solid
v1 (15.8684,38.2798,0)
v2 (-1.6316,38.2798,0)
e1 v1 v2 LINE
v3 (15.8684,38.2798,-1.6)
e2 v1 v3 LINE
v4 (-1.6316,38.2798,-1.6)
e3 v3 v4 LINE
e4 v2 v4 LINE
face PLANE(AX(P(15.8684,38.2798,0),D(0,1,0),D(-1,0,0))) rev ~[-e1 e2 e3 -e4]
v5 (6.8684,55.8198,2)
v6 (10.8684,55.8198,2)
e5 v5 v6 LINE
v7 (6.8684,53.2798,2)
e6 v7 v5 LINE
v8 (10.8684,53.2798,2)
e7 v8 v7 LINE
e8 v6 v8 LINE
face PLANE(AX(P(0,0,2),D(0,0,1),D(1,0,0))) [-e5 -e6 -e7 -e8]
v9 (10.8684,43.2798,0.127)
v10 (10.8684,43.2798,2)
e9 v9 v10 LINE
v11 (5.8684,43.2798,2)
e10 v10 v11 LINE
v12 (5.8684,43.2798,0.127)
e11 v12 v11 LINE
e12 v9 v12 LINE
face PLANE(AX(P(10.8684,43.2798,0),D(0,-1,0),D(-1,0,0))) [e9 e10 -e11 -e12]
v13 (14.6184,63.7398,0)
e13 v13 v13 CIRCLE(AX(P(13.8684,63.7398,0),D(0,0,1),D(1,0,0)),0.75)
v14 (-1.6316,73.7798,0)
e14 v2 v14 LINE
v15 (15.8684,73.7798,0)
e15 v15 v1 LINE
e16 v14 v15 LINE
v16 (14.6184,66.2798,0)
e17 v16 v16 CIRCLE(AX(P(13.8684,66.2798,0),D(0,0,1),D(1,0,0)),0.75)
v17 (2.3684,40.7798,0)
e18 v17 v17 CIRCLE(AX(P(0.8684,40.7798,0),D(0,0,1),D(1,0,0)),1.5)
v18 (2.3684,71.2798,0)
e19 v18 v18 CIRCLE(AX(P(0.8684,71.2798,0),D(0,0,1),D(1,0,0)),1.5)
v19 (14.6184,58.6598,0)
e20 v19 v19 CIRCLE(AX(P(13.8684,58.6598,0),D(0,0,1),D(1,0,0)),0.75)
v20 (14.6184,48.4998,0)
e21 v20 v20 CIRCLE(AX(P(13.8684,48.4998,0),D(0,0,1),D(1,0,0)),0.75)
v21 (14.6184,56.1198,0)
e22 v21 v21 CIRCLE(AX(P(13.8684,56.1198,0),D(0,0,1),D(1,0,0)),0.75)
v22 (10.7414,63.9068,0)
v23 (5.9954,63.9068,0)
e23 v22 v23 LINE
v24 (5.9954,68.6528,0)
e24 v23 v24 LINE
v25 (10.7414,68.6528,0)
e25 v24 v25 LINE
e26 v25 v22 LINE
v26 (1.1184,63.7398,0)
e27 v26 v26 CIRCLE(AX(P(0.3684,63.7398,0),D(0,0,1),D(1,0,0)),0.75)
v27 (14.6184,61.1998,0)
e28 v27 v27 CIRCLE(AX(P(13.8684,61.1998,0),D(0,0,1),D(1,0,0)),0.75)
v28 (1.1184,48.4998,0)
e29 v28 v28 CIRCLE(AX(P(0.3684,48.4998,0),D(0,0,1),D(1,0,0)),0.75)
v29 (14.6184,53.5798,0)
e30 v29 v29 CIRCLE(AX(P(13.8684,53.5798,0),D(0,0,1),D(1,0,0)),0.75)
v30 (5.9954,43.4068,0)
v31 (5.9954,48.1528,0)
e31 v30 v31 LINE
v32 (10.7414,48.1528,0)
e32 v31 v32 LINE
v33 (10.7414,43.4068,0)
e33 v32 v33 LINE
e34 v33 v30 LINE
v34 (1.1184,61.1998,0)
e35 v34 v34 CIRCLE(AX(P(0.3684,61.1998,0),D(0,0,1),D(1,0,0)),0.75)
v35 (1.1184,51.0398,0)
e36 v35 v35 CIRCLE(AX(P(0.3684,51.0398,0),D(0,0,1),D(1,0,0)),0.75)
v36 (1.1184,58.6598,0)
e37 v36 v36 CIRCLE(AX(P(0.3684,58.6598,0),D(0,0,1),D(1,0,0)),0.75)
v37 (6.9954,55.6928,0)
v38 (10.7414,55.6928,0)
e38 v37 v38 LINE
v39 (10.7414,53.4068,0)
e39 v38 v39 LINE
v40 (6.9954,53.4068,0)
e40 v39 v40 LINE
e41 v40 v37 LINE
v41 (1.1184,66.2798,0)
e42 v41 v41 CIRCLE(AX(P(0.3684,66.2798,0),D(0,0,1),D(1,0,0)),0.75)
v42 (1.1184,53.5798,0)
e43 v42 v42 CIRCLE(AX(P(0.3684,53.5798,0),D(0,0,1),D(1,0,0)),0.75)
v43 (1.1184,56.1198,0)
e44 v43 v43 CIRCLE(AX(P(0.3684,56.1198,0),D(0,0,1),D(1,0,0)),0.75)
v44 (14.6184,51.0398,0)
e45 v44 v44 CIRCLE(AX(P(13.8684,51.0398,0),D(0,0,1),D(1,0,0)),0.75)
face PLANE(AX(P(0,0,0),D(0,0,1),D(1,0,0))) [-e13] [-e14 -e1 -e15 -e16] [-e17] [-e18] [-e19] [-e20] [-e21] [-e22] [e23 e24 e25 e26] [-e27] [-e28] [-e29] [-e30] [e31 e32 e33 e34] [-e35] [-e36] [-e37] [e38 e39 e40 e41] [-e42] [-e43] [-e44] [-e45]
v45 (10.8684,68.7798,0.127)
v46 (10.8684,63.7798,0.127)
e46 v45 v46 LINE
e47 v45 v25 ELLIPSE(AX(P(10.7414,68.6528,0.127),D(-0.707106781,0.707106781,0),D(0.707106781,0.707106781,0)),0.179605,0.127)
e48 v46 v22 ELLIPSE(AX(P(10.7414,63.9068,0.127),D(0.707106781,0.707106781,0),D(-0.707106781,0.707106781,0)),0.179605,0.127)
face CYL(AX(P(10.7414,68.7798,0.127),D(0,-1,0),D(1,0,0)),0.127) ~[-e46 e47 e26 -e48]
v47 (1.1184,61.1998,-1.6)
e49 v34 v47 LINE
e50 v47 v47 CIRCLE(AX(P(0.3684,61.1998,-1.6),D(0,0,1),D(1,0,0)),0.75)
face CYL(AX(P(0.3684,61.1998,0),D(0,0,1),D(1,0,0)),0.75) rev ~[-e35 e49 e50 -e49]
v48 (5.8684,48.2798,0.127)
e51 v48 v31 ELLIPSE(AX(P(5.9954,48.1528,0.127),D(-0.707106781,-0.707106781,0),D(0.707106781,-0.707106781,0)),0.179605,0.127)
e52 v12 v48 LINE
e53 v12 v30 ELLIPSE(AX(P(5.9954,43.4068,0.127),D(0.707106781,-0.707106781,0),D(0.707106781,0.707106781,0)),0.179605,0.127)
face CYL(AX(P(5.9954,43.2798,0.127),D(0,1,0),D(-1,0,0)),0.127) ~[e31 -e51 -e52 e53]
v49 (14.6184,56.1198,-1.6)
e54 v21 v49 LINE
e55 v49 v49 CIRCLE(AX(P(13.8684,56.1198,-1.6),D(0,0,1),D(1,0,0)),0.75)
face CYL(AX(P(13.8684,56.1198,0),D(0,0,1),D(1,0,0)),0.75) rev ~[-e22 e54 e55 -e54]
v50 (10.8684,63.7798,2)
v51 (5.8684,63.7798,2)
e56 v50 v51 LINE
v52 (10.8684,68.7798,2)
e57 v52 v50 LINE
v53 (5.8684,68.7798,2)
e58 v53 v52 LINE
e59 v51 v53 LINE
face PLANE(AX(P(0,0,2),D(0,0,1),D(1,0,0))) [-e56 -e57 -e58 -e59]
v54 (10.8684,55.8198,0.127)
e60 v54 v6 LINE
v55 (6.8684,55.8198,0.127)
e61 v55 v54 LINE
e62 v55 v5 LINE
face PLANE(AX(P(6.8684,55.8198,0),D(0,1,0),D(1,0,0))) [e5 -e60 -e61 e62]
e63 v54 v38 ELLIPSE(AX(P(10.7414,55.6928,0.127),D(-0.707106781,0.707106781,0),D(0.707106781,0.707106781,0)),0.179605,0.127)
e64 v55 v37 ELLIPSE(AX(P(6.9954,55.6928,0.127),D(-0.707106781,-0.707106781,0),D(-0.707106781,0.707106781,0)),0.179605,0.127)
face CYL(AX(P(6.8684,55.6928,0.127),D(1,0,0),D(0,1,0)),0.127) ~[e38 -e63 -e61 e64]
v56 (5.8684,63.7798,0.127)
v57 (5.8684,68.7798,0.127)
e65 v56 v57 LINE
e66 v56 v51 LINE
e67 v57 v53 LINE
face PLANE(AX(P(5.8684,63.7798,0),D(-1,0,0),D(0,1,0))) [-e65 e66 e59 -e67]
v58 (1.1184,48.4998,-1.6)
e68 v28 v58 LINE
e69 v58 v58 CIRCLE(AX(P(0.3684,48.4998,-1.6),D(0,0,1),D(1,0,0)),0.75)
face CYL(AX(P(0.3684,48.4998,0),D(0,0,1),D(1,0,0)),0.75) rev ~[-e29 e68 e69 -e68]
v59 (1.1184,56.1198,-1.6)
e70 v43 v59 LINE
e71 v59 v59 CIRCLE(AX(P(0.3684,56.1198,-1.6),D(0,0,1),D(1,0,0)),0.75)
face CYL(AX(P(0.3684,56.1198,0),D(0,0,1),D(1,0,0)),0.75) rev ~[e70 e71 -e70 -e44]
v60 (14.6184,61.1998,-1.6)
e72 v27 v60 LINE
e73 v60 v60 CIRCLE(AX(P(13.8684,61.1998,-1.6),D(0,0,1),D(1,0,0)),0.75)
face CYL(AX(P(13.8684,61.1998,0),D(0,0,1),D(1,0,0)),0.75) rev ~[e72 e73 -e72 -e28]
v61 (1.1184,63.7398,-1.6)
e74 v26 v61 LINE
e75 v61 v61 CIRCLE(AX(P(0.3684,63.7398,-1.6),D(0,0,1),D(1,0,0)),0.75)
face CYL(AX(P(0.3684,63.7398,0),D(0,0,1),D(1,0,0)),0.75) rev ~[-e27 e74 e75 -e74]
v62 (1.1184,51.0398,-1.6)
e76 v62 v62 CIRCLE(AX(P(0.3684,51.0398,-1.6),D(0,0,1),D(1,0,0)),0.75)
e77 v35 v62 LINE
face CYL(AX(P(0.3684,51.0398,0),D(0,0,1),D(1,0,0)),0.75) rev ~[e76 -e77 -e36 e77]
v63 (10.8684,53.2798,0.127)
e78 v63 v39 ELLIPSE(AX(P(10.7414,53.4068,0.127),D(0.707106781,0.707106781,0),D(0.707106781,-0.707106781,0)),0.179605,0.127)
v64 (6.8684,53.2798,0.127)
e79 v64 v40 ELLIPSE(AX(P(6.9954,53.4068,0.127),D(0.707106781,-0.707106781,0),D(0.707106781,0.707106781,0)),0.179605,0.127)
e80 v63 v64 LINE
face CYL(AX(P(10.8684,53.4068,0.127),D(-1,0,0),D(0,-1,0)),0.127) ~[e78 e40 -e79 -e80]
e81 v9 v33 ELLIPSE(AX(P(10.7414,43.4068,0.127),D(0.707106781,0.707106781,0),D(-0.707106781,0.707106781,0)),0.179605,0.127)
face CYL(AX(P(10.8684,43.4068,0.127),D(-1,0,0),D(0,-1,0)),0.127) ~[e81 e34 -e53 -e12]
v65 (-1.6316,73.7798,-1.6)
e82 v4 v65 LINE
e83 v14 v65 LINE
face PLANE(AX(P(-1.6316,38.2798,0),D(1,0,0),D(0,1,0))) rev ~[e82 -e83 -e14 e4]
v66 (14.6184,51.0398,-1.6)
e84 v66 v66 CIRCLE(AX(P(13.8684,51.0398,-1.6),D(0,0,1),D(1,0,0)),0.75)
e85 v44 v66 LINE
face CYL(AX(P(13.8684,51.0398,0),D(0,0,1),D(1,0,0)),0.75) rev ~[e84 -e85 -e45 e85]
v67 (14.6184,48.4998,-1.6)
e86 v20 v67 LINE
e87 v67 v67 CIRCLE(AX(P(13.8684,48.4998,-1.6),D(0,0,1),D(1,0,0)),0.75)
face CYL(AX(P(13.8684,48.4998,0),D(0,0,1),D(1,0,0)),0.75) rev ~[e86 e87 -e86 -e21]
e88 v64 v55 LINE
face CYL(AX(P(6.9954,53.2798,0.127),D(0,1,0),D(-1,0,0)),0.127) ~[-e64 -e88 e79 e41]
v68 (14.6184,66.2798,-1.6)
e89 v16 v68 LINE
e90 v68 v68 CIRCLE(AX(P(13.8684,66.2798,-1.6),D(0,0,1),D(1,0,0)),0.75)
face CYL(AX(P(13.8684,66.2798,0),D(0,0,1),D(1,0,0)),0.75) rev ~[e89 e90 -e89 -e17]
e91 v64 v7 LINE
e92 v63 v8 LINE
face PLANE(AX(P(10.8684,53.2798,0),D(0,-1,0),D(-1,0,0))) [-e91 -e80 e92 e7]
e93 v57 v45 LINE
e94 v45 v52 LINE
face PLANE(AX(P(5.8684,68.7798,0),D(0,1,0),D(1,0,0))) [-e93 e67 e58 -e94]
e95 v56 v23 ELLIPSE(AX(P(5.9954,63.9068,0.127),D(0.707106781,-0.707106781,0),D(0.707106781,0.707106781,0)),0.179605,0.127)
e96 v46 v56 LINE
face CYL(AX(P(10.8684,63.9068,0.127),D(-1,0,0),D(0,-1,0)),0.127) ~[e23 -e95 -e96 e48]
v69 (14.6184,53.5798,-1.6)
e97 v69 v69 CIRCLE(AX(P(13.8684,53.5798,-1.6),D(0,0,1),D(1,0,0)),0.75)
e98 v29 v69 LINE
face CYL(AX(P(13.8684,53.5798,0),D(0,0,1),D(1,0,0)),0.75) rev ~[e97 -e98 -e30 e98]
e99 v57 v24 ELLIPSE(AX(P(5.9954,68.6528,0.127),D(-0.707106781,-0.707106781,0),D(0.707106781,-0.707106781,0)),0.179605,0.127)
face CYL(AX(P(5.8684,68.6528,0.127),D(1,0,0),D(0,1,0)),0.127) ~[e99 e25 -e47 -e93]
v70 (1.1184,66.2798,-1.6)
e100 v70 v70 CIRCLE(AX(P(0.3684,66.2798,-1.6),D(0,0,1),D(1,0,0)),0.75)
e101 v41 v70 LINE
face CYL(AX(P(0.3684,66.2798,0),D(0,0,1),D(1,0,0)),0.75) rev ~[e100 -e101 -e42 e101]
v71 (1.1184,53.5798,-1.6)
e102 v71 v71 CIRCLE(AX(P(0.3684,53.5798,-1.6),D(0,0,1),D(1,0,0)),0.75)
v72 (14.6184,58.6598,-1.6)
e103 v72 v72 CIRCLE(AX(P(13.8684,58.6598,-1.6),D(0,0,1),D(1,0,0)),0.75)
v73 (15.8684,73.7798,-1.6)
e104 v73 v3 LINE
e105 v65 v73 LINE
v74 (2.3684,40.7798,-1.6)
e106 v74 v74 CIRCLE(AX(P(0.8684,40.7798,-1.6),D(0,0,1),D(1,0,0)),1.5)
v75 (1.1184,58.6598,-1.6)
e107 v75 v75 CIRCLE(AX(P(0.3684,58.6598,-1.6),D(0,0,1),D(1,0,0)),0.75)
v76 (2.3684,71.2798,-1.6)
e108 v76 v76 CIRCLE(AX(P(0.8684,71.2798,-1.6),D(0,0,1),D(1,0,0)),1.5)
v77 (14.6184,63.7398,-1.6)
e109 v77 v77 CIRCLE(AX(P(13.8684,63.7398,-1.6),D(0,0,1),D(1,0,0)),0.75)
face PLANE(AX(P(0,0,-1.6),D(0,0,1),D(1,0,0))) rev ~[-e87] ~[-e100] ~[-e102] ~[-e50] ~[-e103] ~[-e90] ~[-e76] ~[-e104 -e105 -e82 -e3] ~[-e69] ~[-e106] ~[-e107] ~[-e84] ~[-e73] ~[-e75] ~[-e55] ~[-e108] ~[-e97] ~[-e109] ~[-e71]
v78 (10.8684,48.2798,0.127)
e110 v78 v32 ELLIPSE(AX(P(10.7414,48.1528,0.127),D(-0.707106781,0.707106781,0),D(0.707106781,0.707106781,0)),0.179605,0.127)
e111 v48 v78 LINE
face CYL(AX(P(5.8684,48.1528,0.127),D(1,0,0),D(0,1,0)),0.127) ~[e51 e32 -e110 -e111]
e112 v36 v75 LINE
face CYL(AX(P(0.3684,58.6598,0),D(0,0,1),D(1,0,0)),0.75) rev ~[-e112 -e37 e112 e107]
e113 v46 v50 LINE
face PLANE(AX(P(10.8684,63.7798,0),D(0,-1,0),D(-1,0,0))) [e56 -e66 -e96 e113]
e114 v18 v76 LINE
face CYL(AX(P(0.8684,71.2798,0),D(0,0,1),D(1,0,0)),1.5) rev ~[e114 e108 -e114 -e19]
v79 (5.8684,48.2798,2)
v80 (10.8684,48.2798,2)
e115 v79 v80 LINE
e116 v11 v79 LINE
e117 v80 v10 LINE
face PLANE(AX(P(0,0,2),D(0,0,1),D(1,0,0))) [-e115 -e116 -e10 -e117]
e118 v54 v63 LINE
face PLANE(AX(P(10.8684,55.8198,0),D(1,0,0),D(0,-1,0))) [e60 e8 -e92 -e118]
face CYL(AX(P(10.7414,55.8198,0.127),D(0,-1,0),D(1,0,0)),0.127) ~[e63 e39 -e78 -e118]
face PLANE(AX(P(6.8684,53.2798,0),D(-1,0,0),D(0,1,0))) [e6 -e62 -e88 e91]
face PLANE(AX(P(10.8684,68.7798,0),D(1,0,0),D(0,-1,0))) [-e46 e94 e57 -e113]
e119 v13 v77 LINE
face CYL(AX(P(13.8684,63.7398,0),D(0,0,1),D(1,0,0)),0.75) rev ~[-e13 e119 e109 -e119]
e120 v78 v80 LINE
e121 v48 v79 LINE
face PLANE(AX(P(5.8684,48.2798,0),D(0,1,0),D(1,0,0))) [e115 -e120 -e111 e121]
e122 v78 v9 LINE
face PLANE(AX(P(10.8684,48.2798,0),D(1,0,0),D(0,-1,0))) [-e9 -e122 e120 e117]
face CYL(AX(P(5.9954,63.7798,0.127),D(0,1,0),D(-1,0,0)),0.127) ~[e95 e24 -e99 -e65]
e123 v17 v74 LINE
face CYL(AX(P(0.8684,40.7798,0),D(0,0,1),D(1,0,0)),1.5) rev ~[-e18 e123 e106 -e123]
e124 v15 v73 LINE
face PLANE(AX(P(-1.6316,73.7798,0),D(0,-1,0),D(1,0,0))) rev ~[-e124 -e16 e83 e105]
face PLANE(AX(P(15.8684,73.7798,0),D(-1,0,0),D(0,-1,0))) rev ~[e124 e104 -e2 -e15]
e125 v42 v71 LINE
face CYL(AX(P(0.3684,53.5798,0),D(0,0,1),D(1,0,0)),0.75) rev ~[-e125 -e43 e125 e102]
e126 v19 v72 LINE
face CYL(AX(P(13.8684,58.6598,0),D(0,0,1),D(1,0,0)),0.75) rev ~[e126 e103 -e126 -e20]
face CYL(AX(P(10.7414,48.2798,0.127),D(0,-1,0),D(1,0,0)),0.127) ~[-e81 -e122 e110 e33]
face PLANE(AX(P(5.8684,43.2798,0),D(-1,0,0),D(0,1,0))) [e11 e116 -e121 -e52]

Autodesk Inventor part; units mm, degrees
ref_plane "YZ Plane" through (0, 0, 0) normal (1, 0, 0) x (0, 1, 0)
ref_plane "XZ Plane" through (0, 0, 0) normal (0, 1, 0) x (-1, 0, 0)
ref_plane "XY Plane" through (0, 0, 0) normal (0, 0, 1) x (1, 0, 0)
sketch "Sketch1" plane through (0, 0, 0) normal (0, 0, 1) x (1, 0, 0)
  line L0 (35.093, -7.2202) -> (-19.907, -7.2202)
  line L1 (-19.907, -7.2202) -> (-19.907, 74.7798)
  line L2 (-19.907, 74.7798) -> (35.093, 74.7798)
  line L3 (35.093, 74.7798) -> (35.093, -7.2202)
  line L4 (-1.6316, 73.7798) -> (15.8684, 73.7798)
  line L5 (15.8684, 73.7798) -> (15.8684, 38.2798)
  line L6 (15.8684, 38.2798) -> (-1.6316, 38.2798)
  line L7 (-1.6316, 38.2798) -> (-1.6316, 73.7798)
  circle A0 centre (7.5885, 28.2798) radius 5.75
  line L8 (12.233, 6.0025) -> (3.233, 6.0025)
  line L9 (3.233, 6.0025) -> (3.233, -3.9975)
  line L10 (3.233, -3.9975) -> (12.233, -3.9975)
  line L11 (12.233, -3.9975) -> (12.233, 6.0025)
  circle A1 centre (7.5885, 28.2798) radius 1.25
  line L12 (3.233, 6.0025) -> (-2.767, 6.0025)
  line L13 (-2.767, 6.0025) -> (-2.767, -3.9975)
  line L14 (-2.767, -3.9975) -> (3.233, -3.9975)
  line L15 (3.233, -3.9975) -> (3.233, 6.0025)
  line L16 (12.233, 5.3167) -> (16.7288, 5.3167)
  line L17 (16.7288, 5.3167) -> (16.7288, 2.7767)
  line L18 (16.7288, 2.7767) -> (12.233, 2.7767)
  line L19 (12.233, 2.7767) -> (12.233, 5.3167)
  line L20 (12.233, -1.5375) -> (12.233, 1.0025)
  line L21 (12.233, -3.4895) -> (12.233, -0.9495)
  line L22 (12.233, 2.2687) -> (16.7288, 2.2687)
  line L23 (16.7288, 2.2687) -> (16.7288, -0.2713)
  line L24 (16.7288, -0.2713) -> (12.233, -0.2713)
  line L25 (12.233, -0.2713) -> (12.233, 2.2687)
  line L26 (12.233, -0.7793) -> (16.7288, -0.7793)
  line L27 (16.7288, -0.7793) -> (16.7288, -3.3193)
  line L28 (16.7288, -3.3193) -> (12.233, -3.3193)
  line L29 (12.233, -3.3193) -> (12.233, -0.7793)
  circle A2 centre (0.233, 0.9987) radius 1.5
  circle A3 centre (0.3684, 66.2798) radius 0.75
  circle A4 centre (0.3684, 63.7398) radius 0.75
  circle A5 centre (0.3684, 61.1998) radius 0.75
  circle A6 centre (0.3684, 58.6598) radius 0.75
  circle A7 centre (0.3684, 56.1198) radius 0.75
  circle A8 centre (0.3684, 53.5798) radius 0.75
  circle A9 centre (0.3684, 51.0398) radius 0.75
  circle A10 centre (0.3684, 48.4998) radius 0.75
  circle A11 centre (13.8684, 63.7398) radius 0.75
  circle A12 centre (13.8684, 58.6598) radius 0.75
  circle A13 centre (13.8684, 56.1198) radius 0.75
  circle A14 centre (13.8684, 53.5798) radius 0.75
  circle A15 centre (13.8684, 48.4998) radius 0.75
  circle A16 centre (13.8684, 66.2798) radius 0.75
  circle A17 centre (13.8684, 51.0398) radius 0.75
  circle A18 centre (13.8684, 61.1998) radius 0.75
  line L30 (-17.907, 69.7798) -> (-16.407, 69.7798)
  line L31 (-16.407, 69.7798) -> (-16.407, -2.2202)
  line L32 (-16.407, -2.2202) -> (-17.907, -2.2202)
  line L33 (-17.907, -2.2202) -> (-17.907, 69.7798)
  line L34 (-15.367, -2.2202) -> (-13.867, -2.2202)
  line L35 (-13.867, -2.2202) -> (-13.867, 69.7798)
  line L36 (-13.867, 69.7798) -> (-15.367, 69.7798)
  line L37 (-15.367, 69.7798) -> (-15.367, -2.2202)
  line L38 (31.593, 69.7798) -> (33.093, 69.7798)
  line L39 (33.093, 69.7798) -> (33.093, -2.2202)
  line L40 (33.093, -2.2202) -> (31.593, -2.2202)
  line L41 (31.593, -2.2202) -> (31.593, 69.7798)
  line L42 (30.553, -2.2202) -> (29.053, -2.2202)
  line L43 (29.053, -2.2202) -> (29.053, 69.7798)
  line L44 (29.053, 69.7798) -> (30.553, 69.7798)
  line L45 (30.553, 69.7798) -> (30.553, -2.2202)
  line L46 (5.8684, 68.7798) -> (10.8684, 68.7798)
  line L47 (10.8684, 68.7798) -> (10.8684, 63.7798)
  line L48 (10.8684, 63.7798) -> (5.8684, 63.7798)
  line L49 (5.8684, 63.7798) -> (5.8684, 68.7798)
  line L50 (6.8684, 55.8198) -> (10.8684, 55.8198)
  line L51 (10.8684, 55.8198) -> (10.8684, 53.2798)
  line L52 (10.8684, 53.2798) -> (6.8684, 53.2798)
  line L53 (6.8684, 53.2798) -> (6.8684, 55.8198)
  line L54 (5.8684, 48.2798) -> (10.8684, 48.2798)
  line L55 (10.8684, 48.2798) -> (10.8684, 43.2798)
  line L56 (10.8684, 43.2798) -> (5.8684, 43.2798)
  line L57 (5.8684, 43.2798) -> (5.8684, 48.2798)
  circle A19 centre (0.8684, 71.2798) radius 1.5
  circle A20 centre (0.8684, 40.7798) radius 1.5
  point P0 (0, 0)
  point P1 (0, 0)
  dimension "d0" = 82
  dimension "d1" = 55
  dimension "d2" = 17.5
  dimension "d3" = 35.5
  dimension "d4" = 11.5
  dimension "d5" = 2.5
  dimension "d6" = 1
  dimension "d7" = 10
  dimension "d8" = 27.4955
  dimension "d9" = 9
  dimension "d10" = 10
  dimension "d11" = 6
  dimension "d12" = 22.86
  dimension "d13" = 19.2246
  dimension "d14" = 2.54
  dimension "d15" = 0.6858
  dimension "d16" = 10
  dimension "d17" = 2.54
  dimension "d18" = 0.508
  dimension "d19" = 4.4958
  dimension "d20" = 4.4958
  dimension "d21" = 2.54
  dimension "d22" = 4.4958
  dimension "d23" = 0.508
  dimension "d24" = 3
  dimension "d25" = 1.5
  dimension "d26" = 7.5
  dimension "d27" = 2
  dimension "d28" = 1.5
  dimension "d29" = 1.5
  dimension "d30" = 1.5
  dimension "d31" = 1.5
  dimension "d32" = 1.5
  dimension "d33" = 1.5
  dimension "d34" = 1.5
  dimension "d35" = 2.54
  dimension "d36" = 2.54
  dimension "d37" = 2.54
  dimension "d38" = 2.54
  dimension "d39" = 2.54
  dimension "d40" = 2.54
  dimension "d41" = 2.54
  dimension "d42" = 1.5
  dimension "d43" = 1.5
  dimension "d44" = 1.5
  dimension "d45" = 1.5
  dimension "d46" = 1.5
  dimension "d47" = 1.5
  dimension "d48" = 1.5
  dimension "d49" = 1.5
  dimension "d50" = 2.54
  dimension "d51" = 2.54
  dimension "d52" = 2.54
  dimension "d53" = 2.54
  dimension "d54" = 2.54
  dimension "d55" = 2.54
  dimension "d56" = 2.54
  dimension "d57" = 2
  dimension "d58" = 7.5
  dimension "d59" = 2
  dimension "d60" = 2
  dimension "d61" = 2
  dimension "d62" = 2
  dimension "d63" = 2
extrude "Extrusion1" add sketch "Sketch1" along normal blind 2 contours L46 L47 L48 L49 | L50 L51 L52 L53 | L54 L55 L56 L57
fillet "Fillet1" radius 0.127 12 edges at (8.3684, 68.7798, 0) (5.8684, 66.2798, 0) (8.3684, 63.7798, 0) (10.8684, 66.2798, 0) (6.8684, 54.5498, 0) (8.8684, 55.8198, 0) (10.8684, 54.5498, 0) (8.8684, 53.2798, 0) (8.3684, 48.2798, 0) (5.8684, 45.7798, 0) (8.3684, 43.2798, 0) (10.8684, 45.7798, 0)
extrude "Extrusion2" add sketch "Sketch1" against normal blind 1.6 contours L4 L5 L6 L7 | L46 L47 L48 L49 | L50 L51 L52 L53 | L54 L55 L56 L57
properties part number "IMU"
